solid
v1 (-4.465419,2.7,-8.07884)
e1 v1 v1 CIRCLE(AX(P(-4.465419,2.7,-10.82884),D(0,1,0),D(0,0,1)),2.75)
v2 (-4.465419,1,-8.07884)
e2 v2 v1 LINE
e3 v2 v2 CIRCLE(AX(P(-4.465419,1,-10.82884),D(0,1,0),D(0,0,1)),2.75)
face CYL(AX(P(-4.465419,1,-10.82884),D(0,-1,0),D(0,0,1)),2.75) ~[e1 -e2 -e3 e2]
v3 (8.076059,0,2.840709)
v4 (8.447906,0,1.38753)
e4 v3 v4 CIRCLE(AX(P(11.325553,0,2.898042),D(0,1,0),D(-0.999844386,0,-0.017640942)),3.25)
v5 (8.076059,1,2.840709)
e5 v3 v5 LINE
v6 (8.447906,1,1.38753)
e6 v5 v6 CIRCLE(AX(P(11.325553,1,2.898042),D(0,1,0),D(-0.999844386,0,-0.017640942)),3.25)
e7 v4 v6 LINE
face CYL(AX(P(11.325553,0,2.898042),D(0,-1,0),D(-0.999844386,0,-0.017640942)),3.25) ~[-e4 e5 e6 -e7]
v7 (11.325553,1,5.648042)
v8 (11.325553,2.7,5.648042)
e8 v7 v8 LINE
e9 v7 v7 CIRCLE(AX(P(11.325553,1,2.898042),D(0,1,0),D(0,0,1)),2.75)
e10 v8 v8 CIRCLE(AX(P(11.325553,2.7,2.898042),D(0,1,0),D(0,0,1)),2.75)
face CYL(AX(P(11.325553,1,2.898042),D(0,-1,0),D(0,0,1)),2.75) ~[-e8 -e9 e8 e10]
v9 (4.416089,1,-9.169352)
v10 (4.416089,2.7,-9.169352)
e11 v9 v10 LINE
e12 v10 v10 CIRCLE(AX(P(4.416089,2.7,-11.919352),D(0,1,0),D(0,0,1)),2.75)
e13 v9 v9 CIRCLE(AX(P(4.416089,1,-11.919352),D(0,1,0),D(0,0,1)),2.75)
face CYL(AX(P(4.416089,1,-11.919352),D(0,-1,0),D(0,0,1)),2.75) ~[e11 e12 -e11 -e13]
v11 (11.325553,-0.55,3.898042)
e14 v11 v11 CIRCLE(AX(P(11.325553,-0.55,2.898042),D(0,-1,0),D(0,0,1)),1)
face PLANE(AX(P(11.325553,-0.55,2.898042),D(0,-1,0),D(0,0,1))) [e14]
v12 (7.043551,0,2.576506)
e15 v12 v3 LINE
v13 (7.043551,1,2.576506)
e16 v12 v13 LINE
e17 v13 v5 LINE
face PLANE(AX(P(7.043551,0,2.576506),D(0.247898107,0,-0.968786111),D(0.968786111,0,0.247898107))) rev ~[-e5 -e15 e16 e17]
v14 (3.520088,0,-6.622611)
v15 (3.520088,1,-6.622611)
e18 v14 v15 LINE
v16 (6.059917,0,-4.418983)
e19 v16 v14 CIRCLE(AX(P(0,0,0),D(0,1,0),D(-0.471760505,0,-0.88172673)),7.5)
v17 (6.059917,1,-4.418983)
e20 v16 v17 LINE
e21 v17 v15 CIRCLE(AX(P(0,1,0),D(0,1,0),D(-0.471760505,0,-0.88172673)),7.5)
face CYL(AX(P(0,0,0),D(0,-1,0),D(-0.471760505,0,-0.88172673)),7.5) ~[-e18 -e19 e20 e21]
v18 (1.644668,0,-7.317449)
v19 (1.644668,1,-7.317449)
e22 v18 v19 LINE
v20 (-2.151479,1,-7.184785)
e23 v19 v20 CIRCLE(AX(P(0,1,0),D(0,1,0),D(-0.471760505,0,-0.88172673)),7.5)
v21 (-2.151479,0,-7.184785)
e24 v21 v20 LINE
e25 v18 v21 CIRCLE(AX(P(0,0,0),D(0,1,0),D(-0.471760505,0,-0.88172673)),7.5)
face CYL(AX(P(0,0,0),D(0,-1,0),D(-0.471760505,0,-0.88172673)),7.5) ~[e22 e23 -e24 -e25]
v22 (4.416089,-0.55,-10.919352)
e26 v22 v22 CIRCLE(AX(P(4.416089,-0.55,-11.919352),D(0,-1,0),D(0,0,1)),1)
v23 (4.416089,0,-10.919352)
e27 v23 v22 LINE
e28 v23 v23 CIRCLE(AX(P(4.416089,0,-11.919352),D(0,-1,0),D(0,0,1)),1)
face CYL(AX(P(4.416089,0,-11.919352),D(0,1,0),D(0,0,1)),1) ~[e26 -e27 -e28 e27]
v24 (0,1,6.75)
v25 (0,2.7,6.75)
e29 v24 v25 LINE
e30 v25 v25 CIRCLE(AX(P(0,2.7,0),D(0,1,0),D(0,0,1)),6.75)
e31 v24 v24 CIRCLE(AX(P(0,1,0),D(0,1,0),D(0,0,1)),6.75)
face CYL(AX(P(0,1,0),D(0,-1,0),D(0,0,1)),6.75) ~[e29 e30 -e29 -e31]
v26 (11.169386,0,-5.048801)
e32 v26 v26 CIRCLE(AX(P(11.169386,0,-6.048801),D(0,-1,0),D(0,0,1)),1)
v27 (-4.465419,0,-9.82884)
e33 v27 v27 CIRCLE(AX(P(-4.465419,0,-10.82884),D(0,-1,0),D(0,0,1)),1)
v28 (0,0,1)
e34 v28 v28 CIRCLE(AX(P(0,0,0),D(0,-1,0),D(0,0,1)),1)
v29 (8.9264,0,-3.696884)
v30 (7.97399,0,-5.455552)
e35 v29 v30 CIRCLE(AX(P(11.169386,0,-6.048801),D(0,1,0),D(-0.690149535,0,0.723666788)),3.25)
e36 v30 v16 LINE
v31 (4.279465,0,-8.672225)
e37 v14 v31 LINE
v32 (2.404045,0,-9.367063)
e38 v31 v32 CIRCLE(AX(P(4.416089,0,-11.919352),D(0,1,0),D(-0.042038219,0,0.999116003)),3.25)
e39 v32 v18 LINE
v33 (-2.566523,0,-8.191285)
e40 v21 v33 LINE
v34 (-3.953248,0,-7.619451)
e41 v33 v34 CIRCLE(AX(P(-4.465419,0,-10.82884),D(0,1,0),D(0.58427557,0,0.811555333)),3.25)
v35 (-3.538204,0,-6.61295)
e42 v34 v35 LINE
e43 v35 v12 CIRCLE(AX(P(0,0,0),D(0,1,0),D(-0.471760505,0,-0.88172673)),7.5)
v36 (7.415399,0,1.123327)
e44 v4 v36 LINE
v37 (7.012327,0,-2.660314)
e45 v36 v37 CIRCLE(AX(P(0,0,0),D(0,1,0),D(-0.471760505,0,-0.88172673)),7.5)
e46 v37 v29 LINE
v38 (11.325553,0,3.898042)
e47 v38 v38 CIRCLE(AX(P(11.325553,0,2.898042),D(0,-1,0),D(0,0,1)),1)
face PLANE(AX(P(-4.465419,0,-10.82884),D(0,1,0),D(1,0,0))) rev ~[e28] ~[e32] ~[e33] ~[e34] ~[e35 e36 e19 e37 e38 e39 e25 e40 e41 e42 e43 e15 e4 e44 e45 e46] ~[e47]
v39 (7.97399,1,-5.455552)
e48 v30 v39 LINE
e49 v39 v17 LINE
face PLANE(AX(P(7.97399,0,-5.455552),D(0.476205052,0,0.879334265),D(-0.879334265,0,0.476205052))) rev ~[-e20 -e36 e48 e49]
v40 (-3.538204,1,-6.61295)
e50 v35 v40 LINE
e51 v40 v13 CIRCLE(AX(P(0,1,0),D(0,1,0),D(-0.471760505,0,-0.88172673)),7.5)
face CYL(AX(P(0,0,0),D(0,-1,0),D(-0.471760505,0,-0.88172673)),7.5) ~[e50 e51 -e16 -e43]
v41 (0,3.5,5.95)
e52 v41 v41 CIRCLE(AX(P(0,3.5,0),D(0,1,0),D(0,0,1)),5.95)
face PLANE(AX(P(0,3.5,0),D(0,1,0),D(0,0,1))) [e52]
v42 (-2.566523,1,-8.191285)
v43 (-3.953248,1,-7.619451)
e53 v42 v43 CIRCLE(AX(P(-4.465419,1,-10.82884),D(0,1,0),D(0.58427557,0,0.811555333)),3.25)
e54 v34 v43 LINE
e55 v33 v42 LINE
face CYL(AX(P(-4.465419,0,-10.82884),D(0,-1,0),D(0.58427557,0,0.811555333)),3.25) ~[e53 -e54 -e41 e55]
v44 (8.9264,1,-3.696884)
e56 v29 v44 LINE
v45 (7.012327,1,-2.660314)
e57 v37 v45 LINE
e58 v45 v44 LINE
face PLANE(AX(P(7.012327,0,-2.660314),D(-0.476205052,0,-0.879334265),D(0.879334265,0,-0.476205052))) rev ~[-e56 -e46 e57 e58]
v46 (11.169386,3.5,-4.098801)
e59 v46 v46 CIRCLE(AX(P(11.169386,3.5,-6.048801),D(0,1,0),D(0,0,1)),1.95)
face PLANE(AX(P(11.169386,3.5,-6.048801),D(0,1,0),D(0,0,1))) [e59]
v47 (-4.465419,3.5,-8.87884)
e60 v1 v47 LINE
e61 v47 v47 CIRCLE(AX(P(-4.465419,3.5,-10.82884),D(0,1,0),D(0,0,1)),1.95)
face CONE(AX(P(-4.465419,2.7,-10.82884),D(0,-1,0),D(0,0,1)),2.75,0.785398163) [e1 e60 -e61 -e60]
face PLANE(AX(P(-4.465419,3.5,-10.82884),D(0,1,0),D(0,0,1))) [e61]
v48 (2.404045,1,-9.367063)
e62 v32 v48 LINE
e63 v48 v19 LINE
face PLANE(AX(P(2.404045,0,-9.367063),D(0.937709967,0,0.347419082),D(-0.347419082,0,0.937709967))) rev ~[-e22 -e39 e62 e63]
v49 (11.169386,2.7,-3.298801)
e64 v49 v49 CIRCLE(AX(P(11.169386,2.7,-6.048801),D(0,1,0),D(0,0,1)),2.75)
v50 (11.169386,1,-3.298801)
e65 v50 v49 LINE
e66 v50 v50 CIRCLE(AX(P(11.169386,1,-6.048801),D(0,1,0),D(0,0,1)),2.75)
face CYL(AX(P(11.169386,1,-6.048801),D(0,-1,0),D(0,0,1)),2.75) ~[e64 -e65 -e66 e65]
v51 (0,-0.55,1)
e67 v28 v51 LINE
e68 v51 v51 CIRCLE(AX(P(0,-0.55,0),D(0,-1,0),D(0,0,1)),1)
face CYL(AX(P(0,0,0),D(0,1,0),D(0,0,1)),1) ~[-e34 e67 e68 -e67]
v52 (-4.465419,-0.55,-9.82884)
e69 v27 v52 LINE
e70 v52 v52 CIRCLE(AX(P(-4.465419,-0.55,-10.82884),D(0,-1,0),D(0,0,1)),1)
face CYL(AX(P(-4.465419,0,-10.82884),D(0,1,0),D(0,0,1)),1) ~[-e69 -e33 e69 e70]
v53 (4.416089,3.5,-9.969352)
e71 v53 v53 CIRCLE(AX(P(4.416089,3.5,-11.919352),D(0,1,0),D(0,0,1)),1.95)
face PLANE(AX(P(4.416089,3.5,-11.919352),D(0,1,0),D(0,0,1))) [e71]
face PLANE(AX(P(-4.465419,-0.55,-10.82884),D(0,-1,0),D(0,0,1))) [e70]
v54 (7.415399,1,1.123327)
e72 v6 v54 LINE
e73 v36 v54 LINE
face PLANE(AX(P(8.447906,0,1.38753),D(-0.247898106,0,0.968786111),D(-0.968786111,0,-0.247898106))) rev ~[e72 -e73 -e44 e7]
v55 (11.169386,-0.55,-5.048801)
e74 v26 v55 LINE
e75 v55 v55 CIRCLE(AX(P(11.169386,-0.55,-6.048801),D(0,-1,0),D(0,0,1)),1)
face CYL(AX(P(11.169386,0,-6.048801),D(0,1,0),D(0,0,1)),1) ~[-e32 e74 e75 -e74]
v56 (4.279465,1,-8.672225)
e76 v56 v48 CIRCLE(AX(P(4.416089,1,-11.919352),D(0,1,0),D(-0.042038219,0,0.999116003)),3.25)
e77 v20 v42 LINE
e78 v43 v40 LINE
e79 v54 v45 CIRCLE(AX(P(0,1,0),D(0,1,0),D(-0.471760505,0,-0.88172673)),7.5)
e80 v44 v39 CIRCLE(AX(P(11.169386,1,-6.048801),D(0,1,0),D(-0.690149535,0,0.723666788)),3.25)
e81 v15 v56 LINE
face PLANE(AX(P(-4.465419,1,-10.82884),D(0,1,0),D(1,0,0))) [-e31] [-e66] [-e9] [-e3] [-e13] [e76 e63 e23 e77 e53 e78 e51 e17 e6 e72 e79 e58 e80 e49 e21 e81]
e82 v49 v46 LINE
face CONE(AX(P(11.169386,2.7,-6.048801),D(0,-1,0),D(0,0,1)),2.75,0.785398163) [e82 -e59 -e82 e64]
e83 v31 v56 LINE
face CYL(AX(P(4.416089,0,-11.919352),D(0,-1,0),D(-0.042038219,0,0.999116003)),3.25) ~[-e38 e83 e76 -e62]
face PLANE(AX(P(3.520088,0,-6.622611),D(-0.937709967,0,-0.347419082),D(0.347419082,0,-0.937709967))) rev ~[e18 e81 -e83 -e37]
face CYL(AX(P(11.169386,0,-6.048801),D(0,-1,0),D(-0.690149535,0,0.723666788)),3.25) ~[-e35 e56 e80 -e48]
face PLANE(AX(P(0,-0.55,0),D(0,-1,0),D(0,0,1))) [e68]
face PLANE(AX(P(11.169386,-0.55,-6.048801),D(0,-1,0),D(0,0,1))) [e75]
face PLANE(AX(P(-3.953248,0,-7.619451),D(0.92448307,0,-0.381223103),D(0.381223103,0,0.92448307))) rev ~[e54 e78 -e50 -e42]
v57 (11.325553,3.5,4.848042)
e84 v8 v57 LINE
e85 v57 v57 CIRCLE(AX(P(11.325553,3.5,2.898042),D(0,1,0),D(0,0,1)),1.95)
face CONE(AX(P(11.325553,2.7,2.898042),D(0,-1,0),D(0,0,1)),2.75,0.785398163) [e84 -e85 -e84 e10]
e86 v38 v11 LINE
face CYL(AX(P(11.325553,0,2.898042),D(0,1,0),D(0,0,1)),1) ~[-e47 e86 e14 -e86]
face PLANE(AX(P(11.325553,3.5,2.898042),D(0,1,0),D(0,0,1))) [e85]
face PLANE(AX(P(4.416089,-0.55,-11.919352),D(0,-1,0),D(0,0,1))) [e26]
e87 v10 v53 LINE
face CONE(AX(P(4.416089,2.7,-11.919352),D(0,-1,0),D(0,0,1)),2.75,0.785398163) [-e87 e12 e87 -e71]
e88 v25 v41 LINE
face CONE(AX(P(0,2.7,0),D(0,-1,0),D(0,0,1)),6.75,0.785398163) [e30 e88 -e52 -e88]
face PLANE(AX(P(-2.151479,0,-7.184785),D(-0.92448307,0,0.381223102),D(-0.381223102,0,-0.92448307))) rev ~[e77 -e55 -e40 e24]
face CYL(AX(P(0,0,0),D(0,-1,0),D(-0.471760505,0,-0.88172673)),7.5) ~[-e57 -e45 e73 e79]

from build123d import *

# Parameters (mm, degrees)
SKETCH_1_R      = 3.25
SKETCH_1_R_2    = 7.5
EXTRUDE_1_DEPTH = 1
SKETCH_2_R      = 6.75
SKETCH_2_R_2    = 2.75
EXTRUDE_2_DEPTH = 2.5
CHAMFER_1_SIZE  = 0.8
SKETCH_3_R      = 1
EXTRUDE_3_DEPTH = 0.55


with BuildPart() as part:
    # 草图1 → 凸台-拉伸1 (new body)
    with BuildSketch(Plane(origin=(0, 0, 0), x_dir=(1, 0, 0), z_dir=(0, 1, 0))):
        with Locations((-4.465418824, 10.828840308)):
            Circle(SKETCH_1_R)
        with BuildLine():
            Line((-3.953247825, 7.619450823), (-3.538203787, 6.612950473))
            ThreePointArc((-3.538203787, 6.612950473), (-2.859173271, 6.933623022), (-2.151479183, 7.184785127))
            Line((-2.151479183, 7.184785127), (-2.56652322, 8.191285477))
            ThreePointArc((-2.56652322, 8.191285477), (-3.22644374, 7.824270332), (-3.953247825, 7.619450823))
        make_face()
        Circle(SKETCH_1_R_2)
        with Locations((4.416088752, 11.919352316)):
            Circle(SKETCH_1_R)
        with BuildLine():
            Line((2.404044607, 9.367063468), (1.64466801, 7.317449497))
            ThreePointArc((1.64466801, 7.317449497), (2.605643113, 7.03282475), (3.520087943, 6.622611333))
            Line((3.520087943, 6.622611333), (4.279464541, 8.672225305))
            ThreePointArc((4.279464541, 8.672225305), (3.286976736, 8.871794924), (2.404044607, 9.367063468))
        make_face()
        with BuildLine():
            ThreePointArc((6.059916763, 4.418982782), (6.595006984, 3.571537887), (7.012326866, 2.660314252))
            Line((7.012326866, 2.660314252), (8.926399669, 3.696883819))
            ThreePointArc((8.926399669, 3.696883819), (8.311549297, 4.501134462), (7.973989566, 5.455552349))
            Line((7.973989566, 5.455552349), (6.059916763, 4.418982782))
        make_face()
        with Locations((11.169385657, 6.048800879)):
            Circle(SKETCH_1_R)
        with Locations((11.325553388, -2.898042413)):
            Circle(SKETCH_1_R)
        with BuildLine():
            Line((7.043551493, -2.576505845), (8.076059132, -2.840709353))
            ThreePointArc((8.076059132, -2.840709353), (8.176998527, -2.092373567), (8.447906292, -1.387530186))
            Line((8.447906292, -1.387530186), (7.415398652, -1.123326679))
            ThreePointArc((7.415398652, -1.123326679), (7.265895832, -1.859235798), (7.043551493, -2.576505845))
        make_face()
    extrude(amount=EXTRUDE_1_DEPTH)

    # 草图2 → 凸台-拉伸2 (add)
    with BuildSketch(Plane(origin=(0, 1, 0), x_dir=(1, 0, 0), z_dir=(0, 1, 0))):
        with Locations(Location((0, 0, 0), (0, 0, 270))):
            Circle(SKETCH_2_R)
        with Locations(Location((-4.465418824, 10.828840308, 0), (0, 0, 270))):
            Circle(SKETCH_2_R_2)
        with Locations(Location((4.416088752, 11.919352316, 0), (0, 0, 270))):
            Circle(SKETCH_2_R_2)
        with Locations(Location((11.169385657, 6.048800879, 0), (0, 0, 270))):
            Circle(SKETCH_2_R_2)
        with Locations(Location((11.325553388, -2.898042413, 0), (0, 0, 270))):
            Circle(SKETCH_2_R_2)
    extrude(amount=EXTRUDE_2_DEPTH)

    # 倒角1
    chamfer_1_edges = [part.edges().sort_by_distance(p)[0] for p in [
        (0, 3.5, -6.75),
        (-4.465418824, 3.5, -13.578840308),
        (4.416088752, 3.5, -14.669352316),
        (11.169385657, 3.5, -8.798800879),
        (11.325553388, 3.5, 0.148042413),
    ]]
    chamfer(chamfer_1_edges, length=CHAMFER_1_SIZE)

    # 草图3 → 凸台-拉伸3 (add)
    with BuildSketch(Plane.XZ):
        with Locations(Location((0, 0, 0), (0, 0, 90))):
            Circle(SKETCH_3_R)
        with Locations(Location((11.325553388, 2.898042413, 0), (0, 0, 90))):
            Circle(SKETCH_3_R)
        with Locations(Location((11.169385657, -6.048800879, 0), (0, 0, 90))):
            Circle(SKETCH_3_R)
        with Locations(Location((4.416088752, -11.919352316, 0), (0, 0, 90))):
            Circle(SKETCH_3_R)
        with Locations(Location((-4.465418824, -10.828840308, 0), (0, 0, 90))):
            Circle(SKETCH_3_R)
    extrude(amount=EXTRUDE_3_DEPTH)


solid = part.part
